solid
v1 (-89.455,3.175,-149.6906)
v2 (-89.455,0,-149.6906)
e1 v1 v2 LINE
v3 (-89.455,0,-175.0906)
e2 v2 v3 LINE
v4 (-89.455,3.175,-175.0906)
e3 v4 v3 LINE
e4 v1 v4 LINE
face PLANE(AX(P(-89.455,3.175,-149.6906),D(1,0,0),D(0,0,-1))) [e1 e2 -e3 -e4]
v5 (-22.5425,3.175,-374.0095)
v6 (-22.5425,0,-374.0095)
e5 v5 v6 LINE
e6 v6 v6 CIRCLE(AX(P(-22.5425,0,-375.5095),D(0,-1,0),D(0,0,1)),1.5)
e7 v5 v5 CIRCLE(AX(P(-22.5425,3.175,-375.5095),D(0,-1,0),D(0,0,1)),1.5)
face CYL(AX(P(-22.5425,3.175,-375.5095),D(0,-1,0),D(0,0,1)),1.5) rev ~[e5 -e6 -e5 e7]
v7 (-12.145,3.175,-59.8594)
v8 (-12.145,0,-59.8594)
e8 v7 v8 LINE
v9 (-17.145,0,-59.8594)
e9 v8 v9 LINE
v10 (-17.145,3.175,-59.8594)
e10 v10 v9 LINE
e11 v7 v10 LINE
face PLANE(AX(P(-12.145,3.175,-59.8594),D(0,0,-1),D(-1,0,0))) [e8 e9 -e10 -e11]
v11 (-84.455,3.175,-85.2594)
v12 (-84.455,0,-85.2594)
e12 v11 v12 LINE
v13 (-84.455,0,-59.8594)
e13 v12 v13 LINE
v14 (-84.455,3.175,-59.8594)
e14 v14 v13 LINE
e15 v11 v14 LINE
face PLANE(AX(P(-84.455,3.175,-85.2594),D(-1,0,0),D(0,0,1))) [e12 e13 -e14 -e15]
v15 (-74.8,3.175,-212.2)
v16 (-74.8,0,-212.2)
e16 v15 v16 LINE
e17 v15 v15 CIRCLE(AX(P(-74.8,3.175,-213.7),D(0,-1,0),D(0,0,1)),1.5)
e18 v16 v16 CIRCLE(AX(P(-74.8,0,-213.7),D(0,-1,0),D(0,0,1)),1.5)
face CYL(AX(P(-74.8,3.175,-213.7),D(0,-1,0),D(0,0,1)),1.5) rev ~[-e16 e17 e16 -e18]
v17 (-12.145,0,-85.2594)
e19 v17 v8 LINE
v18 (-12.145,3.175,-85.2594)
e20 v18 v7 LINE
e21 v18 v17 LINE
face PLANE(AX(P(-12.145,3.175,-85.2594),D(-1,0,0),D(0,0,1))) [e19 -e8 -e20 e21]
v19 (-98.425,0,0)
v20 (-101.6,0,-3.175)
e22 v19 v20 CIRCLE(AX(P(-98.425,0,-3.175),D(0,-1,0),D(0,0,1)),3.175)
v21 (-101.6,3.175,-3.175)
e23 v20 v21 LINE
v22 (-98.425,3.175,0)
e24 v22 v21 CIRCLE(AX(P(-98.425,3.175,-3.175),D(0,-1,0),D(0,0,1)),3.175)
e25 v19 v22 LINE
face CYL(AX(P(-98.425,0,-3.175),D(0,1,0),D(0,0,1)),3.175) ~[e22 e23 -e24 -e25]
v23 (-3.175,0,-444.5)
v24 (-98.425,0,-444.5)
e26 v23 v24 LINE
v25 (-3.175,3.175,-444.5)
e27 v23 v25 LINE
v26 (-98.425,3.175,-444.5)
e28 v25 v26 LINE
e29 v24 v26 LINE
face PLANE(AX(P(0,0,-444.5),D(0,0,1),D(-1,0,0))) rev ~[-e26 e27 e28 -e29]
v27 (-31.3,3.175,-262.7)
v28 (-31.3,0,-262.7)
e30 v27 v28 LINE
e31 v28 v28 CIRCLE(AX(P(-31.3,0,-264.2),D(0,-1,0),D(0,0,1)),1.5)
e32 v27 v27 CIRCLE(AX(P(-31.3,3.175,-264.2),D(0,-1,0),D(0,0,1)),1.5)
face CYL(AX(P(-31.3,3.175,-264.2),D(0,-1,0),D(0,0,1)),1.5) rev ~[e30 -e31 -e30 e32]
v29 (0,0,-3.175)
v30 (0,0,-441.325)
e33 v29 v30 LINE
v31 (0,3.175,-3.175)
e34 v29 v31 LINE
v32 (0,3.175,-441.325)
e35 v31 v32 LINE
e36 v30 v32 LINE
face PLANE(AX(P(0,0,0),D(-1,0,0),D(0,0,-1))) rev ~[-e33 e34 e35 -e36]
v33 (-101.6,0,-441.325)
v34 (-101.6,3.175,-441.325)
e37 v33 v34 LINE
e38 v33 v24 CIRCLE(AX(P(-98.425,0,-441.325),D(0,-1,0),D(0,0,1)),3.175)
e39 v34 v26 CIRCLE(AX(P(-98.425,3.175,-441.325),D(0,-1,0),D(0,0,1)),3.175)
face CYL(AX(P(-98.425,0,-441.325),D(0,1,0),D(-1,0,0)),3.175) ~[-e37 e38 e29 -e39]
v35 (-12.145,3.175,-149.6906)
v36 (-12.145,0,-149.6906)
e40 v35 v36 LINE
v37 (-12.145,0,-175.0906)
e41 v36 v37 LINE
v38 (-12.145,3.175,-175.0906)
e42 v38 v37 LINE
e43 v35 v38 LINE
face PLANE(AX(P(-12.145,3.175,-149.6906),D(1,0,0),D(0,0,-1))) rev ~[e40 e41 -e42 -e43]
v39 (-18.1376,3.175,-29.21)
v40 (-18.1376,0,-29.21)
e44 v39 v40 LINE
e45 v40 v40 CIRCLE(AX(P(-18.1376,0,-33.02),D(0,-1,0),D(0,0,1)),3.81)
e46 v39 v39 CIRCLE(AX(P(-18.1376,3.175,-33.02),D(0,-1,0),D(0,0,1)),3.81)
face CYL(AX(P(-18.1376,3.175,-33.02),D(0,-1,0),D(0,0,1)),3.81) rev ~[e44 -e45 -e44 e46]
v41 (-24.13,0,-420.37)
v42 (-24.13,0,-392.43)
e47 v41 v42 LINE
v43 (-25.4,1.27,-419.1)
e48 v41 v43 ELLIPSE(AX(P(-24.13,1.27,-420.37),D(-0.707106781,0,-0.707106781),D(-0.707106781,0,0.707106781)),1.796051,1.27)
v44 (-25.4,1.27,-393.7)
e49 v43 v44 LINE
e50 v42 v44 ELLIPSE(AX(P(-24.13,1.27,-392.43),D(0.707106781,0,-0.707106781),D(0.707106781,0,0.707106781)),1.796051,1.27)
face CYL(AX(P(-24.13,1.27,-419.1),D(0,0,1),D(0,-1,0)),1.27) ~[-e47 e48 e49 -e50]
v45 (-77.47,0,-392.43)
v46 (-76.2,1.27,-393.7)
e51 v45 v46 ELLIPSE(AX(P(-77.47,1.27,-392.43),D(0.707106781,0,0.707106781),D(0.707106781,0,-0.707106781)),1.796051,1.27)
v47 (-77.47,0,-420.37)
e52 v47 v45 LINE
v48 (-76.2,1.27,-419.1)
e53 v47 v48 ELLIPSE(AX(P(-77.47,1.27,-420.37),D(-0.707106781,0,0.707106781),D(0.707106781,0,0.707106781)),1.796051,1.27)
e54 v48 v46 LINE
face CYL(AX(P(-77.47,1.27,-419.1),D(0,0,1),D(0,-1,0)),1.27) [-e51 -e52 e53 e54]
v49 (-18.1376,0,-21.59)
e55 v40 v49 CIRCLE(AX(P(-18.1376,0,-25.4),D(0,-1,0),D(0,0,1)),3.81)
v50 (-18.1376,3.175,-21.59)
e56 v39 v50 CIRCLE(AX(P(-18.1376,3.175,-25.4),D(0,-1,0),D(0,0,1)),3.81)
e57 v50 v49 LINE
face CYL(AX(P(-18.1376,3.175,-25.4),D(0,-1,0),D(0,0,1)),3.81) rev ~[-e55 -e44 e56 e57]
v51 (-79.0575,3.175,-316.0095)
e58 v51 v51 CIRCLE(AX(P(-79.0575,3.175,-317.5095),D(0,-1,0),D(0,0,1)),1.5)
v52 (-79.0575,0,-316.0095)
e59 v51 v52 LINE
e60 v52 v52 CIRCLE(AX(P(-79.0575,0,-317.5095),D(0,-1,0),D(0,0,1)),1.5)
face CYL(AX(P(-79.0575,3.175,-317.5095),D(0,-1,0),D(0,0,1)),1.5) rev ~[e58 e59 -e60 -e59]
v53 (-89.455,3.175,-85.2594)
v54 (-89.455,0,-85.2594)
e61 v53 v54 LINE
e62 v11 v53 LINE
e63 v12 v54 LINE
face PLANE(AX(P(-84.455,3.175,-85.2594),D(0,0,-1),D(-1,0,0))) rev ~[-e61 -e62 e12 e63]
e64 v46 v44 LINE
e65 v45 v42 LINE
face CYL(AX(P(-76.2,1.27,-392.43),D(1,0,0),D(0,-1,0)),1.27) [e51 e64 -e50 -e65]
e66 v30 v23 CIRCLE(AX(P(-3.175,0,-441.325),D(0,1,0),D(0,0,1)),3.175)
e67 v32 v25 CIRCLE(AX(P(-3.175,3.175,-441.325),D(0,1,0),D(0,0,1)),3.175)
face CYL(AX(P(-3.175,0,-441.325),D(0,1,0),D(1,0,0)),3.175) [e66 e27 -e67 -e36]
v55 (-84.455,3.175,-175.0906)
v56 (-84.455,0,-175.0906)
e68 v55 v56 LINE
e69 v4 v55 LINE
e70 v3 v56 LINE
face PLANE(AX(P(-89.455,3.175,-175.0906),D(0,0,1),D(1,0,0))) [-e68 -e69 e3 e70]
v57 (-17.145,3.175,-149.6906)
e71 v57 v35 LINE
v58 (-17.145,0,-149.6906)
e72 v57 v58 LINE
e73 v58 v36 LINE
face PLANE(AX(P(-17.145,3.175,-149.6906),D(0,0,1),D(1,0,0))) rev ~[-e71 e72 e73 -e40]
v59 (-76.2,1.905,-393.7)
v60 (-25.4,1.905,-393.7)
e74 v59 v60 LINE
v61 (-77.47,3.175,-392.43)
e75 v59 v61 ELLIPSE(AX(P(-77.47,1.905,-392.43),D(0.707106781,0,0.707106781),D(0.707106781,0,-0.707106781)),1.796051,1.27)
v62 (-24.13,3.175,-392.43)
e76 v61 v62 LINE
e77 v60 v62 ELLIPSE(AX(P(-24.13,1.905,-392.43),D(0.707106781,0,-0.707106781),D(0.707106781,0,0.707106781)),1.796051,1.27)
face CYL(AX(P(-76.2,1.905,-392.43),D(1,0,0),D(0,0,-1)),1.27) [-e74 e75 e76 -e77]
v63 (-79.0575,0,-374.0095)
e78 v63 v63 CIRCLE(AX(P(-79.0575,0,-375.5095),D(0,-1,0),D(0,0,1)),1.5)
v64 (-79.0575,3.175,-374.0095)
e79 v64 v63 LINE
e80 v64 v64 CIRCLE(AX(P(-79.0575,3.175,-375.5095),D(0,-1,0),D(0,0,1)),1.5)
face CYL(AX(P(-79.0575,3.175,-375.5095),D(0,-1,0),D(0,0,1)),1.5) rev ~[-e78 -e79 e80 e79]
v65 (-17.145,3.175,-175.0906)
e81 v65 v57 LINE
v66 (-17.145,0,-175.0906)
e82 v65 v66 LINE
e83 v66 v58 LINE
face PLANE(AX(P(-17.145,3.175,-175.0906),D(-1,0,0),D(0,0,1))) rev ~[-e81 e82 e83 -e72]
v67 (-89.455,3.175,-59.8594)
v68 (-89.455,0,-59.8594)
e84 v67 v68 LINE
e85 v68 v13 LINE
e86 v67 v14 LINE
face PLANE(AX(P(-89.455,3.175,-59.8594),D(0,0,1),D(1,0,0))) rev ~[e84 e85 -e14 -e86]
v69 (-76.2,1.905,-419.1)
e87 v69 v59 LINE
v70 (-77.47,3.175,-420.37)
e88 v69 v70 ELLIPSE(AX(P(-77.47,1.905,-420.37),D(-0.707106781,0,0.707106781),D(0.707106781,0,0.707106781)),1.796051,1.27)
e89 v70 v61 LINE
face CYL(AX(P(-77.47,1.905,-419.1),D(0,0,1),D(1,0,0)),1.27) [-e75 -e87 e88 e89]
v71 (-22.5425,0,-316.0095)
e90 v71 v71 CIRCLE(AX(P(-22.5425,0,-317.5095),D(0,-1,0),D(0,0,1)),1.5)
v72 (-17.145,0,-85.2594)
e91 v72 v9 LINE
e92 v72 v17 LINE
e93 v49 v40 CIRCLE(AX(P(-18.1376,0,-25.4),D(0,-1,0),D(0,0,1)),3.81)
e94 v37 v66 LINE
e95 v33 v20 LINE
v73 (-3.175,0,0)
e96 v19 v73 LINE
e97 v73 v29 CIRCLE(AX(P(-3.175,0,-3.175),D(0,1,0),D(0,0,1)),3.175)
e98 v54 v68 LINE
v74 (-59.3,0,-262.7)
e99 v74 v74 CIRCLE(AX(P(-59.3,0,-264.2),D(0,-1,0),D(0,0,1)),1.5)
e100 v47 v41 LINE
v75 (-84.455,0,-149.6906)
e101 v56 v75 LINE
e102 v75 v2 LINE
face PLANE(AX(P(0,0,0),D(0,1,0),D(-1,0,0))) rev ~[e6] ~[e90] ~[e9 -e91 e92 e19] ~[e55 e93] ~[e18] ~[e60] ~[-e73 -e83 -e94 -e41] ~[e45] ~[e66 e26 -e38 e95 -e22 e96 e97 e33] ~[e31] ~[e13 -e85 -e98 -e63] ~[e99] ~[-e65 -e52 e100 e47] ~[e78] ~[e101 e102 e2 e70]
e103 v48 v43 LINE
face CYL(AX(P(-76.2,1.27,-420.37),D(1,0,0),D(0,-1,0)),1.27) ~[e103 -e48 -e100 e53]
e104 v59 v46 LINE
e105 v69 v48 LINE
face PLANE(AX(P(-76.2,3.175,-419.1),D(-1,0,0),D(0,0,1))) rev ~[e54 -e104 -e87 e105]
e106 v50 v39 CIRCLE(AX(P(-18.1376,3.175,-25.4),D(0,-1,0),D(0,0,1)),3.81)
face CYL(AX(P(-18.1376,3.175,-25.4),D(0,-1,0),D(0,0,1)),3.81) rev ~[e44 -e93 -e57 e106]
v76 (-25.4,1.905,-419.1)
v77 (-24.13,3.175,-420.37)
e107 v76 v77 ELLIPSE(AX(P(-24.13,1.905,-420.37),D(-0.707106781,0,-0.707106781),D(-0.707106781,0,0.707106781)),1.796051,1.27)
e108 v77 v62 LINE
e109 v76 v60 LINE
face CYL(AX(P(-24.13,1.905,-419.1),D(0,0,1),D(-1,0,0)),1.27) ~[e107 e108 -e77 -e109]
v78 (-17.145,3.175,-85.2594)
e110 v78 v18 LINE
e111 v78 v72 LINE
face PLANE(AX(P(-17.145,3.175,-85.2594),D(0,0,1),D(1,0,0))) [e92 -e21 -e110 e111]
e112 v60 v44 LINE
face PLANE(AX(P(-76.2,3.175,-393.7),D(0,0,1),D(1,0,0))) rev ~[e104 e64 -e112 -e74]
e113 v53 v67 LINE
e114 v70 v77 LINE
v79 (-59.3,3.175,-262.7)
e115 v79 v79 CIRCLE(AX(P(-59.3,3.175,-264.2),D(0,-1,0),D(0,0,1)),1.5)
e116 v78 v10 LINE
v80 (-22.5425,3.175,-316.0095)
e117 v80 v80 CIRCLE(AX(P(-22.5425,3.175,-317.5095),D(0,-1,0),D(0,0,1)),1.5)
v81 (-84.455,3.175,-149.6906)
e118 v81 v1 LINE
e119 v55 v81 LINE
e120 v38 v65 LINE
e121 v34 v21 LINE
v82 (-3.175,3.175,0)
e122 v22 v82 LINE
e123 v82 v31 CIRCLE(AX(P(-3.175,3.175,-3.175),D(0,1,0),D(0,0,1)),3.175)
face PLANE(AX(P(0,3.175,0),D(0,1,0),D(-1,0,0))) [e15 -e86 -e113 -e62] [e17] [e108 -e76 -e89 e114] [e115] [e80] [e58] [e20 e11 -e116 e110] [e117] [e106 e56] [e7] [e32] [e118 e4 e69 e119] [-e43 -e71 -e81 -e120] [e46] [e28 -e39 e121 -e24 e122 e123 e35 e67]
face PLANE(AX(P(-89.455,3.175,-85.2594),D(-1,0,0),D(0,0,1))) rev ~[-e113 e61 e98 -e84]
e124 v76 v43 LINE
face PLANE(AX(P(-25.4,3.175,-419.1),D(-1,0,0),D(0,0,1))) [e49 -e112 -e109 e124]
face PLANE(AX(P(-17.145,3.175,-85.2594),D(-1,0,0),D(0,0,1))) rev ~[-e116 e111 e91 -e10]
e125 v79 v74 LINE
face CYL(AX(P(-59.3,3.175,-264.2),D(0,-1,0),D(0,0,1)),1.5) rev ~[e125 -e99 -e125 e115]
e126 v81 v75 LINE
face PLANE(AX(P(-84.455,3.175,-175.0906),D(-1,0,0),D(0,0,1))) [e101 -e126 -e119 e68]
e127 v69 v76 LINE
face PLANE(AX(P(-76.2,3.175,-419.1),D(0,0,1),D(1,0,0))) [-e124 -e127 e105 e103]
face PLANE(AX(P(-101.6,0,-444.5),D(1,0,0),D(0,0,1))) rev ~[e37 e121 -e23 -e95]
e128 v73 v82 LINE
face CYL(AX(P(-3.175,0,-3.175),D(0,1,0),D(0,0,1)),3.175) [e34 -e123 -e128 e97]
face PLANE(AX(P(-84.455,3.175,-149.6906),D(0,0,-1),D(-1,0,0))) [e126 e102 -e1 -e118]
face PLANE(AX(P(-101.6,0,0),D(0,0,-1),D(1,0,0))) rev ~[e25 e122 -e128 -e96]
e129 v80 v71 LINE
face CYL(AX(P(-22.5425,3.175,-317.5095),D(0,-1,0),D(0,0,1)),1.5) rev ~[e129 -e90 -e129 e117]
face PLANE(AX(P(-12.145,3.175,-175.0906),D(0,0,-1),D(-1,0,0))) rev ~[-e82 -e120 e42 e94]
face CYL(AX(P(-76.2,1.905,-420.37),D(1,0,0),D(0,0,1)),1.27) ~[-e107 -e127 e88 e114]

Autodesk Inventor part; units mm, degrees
ref_plane "YZ Plane" through (0, 0, 0) normal (1, 0, 0) x (0, 1, 0)
ref_plane "XZ Plane" through (0, 0, 0) normal (0, 1, 0) x (-1, 0, 0)
ref_plane "XY Plane" through (0, 0, 0) normal (0, 0, 1) x (1, 0, 0)
sketch "Sketch1" plane through (0, 0, 0) normal (0, 1, 0) x (-1, 0, 0)
  line L0 (0, 0) -> (0, -444.5)
  line L1 (0, -444.5) -> (101.6, -444.5)
  line L2 (101.6, -444.5) -> (101.6, 0)
  line L3 (101.6, 0) -> (0, 0)
  dimension "d0" = 444.5
  dimension "d1" = 101.6
extrude "Extrusion1" add sketch "Sketch1" along normal blind 3.175
sketch "Sketch2" plane through (0, 3.175, 0) normal (0, 1, 0) x (1, 0, 0)
  line L0 (0, 444.5) -> (-101.6, 444.5) projected
  line L1 (-101.6, 444.5) -> (-101.6, 419.1)
  line L2 (-76.2, 419.1) -> (-76.2, 393.7)
  line L3 (-101.6, 0) -> (0, 0) projected
  line L4 (-50.8, 0) -> (-50.8, 463.567) construction
  line L5 (0, 444.5) -> (0, 419.1)
  line L6 (-25.4, 419.1) -> (-25.4, 393.7)
  line L7 (-101.6, 393.7) -> (-101.6, 0)
  line L8 (-101.6, 0) -> (0, 0)
  line L9 (0, 393.7) -> (0, 0)
  line L10 (-76.2, 393.7) -> (-25.4, 393.7)
  line L11 (-76.2, 419.1) -> (-25.4, 419.1)
  line L12 (-101.6, 444.5) -> (-101.6, 0) projected
  dimension "d6" = 25.4
  dimension "d46" = 25.4
  dimension "d47" = 25.4
extrude "Extrusion2" cut sketch "Sketch2" against normal blind 3.175
sketch "Sketch3" plane through (0, 3.175, 0) normal (0, 1, 0) x (1, 0, 0)
  line L0 (0, 444.5) -> (-101.6, 444.5) projected
  line L1 (-50.8, 444.5) -> (-50.8, -69.4552) construction
  line L2 (-50.8, 375.5095) -> (-79.0575, 375.5095) construction
  line L3 (-79.0575, 375.5095) -> (-79.0575, 317.5095) construction
  line L4 (-50.8, 375.5095) -> (-22.5425, 375.5095) construction
  line L5 (-22.5425, 375.5095) -> (-22.5425, 317.5095) construction
  line L6 (-79.0575, 317.5095) -> (-22.5425, 317.5095) construction
  circle A0 centre (-79.0575, 317.5095) radius 1.5
  circle A1 centre (-22.5425, 317.5095) radius 1.5
  circle A2 centre (-22.5425, 375.5095) radius 1.5
  circle A3 centre (-79.0575, 375.5095) radius 1.5
  point P0 (0, 0)
  dimension "d9" = 28.2575
  dimension "d10" = 58
  dimension "d11" = 3
hole "Hole1" at (-79.0575, 3.175, -317.5095) at (-22.5425, 3.175, -317.5095) at (-79.0575, 3.175, -375.5095) at (-22.5425, 3.175, -375.5095) direction (0, -1, 0) diameter 3 end through all
sketch "Sketch4" plane through (0, 3.175, 0) normal (0, 1, 0) x (1, 0, 0)
  line L0 (0, 444.5) -> (-101.6, 444.5) projected
  line L1 (-50.8, 444.5) -> (-50.8, -14.5514) construction
  line L2 (-50.8, 266.7) -> (-77.3, 266.7) construction
  line L3 (-77.3, 266.7) -> (-77.3, 198.7) construction
  line L4 (-77.3, 198.7) -> (-50.8, 198.7) construction
  line L5 (-50.8, 266.7) -> (-24.3, 266.7) construction
  line L6 (-24.3, 266.7) -> (-24.3, 198.7) construction
  line L7 (-24.3, 198.7) -> (-50.8, 198.7) construction
  circle A0 centre (-74.8, 213.7) radius 1.5
  circle A1 centre (-31.3, 264.2) radius 1.5
  circle A2 centre (-59.3, 264.2) radius 1.5
  point P0 (0, 0)
  dimension "d19" = 26.5
  dimension "d20" = 68
  dimension "d21" = 3
  dimension "d22" = 15
  dimension "d23" = 50.5
  dimension "d24" = 3
  dimension "d25" = 3
  dimension "d26" = 7
  dimension "d27" = 65.5
  dimension "d28" = 35
  dimension "d29" = 65.5
  dimension "d37" = 177.8
hole "Hole2" at (-74.8, 3.175, -213.7) at (-59.3, 3.175, -264.2) at (-31.3, 3.175, -264.2) direction (0, -1, 0) diameter 3 end through all
sketch "Sketch5" plane through (0, 3.175, 0) normal (0, 1, 0) x (1, 0, 0)
  line L0 (-101.6, 0) -> (0, 0) projected
  line L1 (-50.8, 0) -> (-50.8, 459.8943) construction
  line L2 (-50.8, 203.2) -> (-84.455, 203.2)
  line L3 (-84.455, 203.2) -> (-84.455, 31.75)
  line L4 (0, 444.5) -> (-101.6, 444.5) projected
  line L5 (-50.8, 203.2) -> (-17.145, 203.2)
  line L6 (-17.145, 203.2) -> (-17.145, 31.75)
  line L7 (-84.455, 31.75) -> (-17.145, 31.75)
  line L8 (-84.455, 59.8594) -> (-84.455, 85.2594)
  line L9 (-84.455, 85.2594) -> (-89.455, 85.2594)
  line L10 (-89.455, 85.2594) -> (-89.455, 59.8594)
  line L11 (-89.455, 59.8594) -> (-84.455, 59.8594)
  line L12 (-84.455, 117.475) -> (-17.145, 117.475) construction
  line L13 (-17.145, 59.8594) -> (-17.145, 85.2594)
  line L14 (-17.145, 85.2594) -> (-12.145, 85.2594)
  line L15 (-12.145, 85.2594) -> (-12.145, 59.8594)
  line L16 (-12.145, 59.8594) -> (-17.145, 59.8594)
  line L17 (-17.145, 117.475) -> (-84.455, 117.475) construction
  line L18 (-84.455, 175.0906) -> (-84.455, 149.6906)
  line L19 (-84.455, 149.6906) -> (-89.455, 149.6906)
  line L20 (-89.455, 149.6906) -> (-89.455, 175.0906)
  line L21 (-89.455, 175.0906) -> (-84.455, 175.0906)
  line L22 (-17.145, 149.6906) -> (-12.145, 149.6906)
  line L23 (-17.145, 175.0906) -> (-17.145, 149.6906)
  line L24 (-12.145, 175.0906) -> (-17.145, 175.0906)
  line L25 (-12.145, 149.6906) -> (-12.145, 175.0906)
  dimension "d38" = 33.655
  dimension "d39" = 171.45
  dimension "d40" = 241.3
  dimension "d41" = 25.4
  dimension "d42" = 5
extrude "Extrusion3" cut sketch "Sketch5" against normal blind 3.175 contours L3 L19 L20 L21 | L24 L25 L22 L6 | L3 L11 L10 L9 | L14 L15 L16 L6
sketch "Sketch6" plane through (0, 3.175, 0) normal (0, 1, 0) x (1, 0, 0)
  circle A0 centre (-18.1376, 25.4) radius 3.81
  circle A1 centre (-18.1376, 33.02) radius 3.81
  line L0 (-101.6, 0) -> (0, 0) projected
  dimension "d48" = 7.62
  dimension "d49" = 7.62
  dimension "d57" = 25.4
  dimension "d58" = 33.02
hole "Hole3" at (-18.1376, 3.175, -33.02) at (-18.1376, 3.175, -25.4) direction (0, -1, 0) diameter 7.62 end through all
fillet "Fillet1" radius 3.175 3 edges at (0, 1.5875, -444.5) (-101.6, 1.5875, 0) (0, 1.5875, 0)
fillet "Fillet2" radius 3.175 1 edges at (-101.6, 1.5875, -444.5)
fillet "Fillet3" radius 1.27 8 edges at (-50.8, 0, -393.7) (-50.8, 3.175, -393.7) (-25.4, 0, -406.4) (-25.4, 3.175, -406.4) (-50.8, 3.175, -419.1) (-76.2, 3.175, -406.4) (-76.2, 0, -406.4) (-50.8, 0, -419.1)
properties part number "Board Cage 2"
